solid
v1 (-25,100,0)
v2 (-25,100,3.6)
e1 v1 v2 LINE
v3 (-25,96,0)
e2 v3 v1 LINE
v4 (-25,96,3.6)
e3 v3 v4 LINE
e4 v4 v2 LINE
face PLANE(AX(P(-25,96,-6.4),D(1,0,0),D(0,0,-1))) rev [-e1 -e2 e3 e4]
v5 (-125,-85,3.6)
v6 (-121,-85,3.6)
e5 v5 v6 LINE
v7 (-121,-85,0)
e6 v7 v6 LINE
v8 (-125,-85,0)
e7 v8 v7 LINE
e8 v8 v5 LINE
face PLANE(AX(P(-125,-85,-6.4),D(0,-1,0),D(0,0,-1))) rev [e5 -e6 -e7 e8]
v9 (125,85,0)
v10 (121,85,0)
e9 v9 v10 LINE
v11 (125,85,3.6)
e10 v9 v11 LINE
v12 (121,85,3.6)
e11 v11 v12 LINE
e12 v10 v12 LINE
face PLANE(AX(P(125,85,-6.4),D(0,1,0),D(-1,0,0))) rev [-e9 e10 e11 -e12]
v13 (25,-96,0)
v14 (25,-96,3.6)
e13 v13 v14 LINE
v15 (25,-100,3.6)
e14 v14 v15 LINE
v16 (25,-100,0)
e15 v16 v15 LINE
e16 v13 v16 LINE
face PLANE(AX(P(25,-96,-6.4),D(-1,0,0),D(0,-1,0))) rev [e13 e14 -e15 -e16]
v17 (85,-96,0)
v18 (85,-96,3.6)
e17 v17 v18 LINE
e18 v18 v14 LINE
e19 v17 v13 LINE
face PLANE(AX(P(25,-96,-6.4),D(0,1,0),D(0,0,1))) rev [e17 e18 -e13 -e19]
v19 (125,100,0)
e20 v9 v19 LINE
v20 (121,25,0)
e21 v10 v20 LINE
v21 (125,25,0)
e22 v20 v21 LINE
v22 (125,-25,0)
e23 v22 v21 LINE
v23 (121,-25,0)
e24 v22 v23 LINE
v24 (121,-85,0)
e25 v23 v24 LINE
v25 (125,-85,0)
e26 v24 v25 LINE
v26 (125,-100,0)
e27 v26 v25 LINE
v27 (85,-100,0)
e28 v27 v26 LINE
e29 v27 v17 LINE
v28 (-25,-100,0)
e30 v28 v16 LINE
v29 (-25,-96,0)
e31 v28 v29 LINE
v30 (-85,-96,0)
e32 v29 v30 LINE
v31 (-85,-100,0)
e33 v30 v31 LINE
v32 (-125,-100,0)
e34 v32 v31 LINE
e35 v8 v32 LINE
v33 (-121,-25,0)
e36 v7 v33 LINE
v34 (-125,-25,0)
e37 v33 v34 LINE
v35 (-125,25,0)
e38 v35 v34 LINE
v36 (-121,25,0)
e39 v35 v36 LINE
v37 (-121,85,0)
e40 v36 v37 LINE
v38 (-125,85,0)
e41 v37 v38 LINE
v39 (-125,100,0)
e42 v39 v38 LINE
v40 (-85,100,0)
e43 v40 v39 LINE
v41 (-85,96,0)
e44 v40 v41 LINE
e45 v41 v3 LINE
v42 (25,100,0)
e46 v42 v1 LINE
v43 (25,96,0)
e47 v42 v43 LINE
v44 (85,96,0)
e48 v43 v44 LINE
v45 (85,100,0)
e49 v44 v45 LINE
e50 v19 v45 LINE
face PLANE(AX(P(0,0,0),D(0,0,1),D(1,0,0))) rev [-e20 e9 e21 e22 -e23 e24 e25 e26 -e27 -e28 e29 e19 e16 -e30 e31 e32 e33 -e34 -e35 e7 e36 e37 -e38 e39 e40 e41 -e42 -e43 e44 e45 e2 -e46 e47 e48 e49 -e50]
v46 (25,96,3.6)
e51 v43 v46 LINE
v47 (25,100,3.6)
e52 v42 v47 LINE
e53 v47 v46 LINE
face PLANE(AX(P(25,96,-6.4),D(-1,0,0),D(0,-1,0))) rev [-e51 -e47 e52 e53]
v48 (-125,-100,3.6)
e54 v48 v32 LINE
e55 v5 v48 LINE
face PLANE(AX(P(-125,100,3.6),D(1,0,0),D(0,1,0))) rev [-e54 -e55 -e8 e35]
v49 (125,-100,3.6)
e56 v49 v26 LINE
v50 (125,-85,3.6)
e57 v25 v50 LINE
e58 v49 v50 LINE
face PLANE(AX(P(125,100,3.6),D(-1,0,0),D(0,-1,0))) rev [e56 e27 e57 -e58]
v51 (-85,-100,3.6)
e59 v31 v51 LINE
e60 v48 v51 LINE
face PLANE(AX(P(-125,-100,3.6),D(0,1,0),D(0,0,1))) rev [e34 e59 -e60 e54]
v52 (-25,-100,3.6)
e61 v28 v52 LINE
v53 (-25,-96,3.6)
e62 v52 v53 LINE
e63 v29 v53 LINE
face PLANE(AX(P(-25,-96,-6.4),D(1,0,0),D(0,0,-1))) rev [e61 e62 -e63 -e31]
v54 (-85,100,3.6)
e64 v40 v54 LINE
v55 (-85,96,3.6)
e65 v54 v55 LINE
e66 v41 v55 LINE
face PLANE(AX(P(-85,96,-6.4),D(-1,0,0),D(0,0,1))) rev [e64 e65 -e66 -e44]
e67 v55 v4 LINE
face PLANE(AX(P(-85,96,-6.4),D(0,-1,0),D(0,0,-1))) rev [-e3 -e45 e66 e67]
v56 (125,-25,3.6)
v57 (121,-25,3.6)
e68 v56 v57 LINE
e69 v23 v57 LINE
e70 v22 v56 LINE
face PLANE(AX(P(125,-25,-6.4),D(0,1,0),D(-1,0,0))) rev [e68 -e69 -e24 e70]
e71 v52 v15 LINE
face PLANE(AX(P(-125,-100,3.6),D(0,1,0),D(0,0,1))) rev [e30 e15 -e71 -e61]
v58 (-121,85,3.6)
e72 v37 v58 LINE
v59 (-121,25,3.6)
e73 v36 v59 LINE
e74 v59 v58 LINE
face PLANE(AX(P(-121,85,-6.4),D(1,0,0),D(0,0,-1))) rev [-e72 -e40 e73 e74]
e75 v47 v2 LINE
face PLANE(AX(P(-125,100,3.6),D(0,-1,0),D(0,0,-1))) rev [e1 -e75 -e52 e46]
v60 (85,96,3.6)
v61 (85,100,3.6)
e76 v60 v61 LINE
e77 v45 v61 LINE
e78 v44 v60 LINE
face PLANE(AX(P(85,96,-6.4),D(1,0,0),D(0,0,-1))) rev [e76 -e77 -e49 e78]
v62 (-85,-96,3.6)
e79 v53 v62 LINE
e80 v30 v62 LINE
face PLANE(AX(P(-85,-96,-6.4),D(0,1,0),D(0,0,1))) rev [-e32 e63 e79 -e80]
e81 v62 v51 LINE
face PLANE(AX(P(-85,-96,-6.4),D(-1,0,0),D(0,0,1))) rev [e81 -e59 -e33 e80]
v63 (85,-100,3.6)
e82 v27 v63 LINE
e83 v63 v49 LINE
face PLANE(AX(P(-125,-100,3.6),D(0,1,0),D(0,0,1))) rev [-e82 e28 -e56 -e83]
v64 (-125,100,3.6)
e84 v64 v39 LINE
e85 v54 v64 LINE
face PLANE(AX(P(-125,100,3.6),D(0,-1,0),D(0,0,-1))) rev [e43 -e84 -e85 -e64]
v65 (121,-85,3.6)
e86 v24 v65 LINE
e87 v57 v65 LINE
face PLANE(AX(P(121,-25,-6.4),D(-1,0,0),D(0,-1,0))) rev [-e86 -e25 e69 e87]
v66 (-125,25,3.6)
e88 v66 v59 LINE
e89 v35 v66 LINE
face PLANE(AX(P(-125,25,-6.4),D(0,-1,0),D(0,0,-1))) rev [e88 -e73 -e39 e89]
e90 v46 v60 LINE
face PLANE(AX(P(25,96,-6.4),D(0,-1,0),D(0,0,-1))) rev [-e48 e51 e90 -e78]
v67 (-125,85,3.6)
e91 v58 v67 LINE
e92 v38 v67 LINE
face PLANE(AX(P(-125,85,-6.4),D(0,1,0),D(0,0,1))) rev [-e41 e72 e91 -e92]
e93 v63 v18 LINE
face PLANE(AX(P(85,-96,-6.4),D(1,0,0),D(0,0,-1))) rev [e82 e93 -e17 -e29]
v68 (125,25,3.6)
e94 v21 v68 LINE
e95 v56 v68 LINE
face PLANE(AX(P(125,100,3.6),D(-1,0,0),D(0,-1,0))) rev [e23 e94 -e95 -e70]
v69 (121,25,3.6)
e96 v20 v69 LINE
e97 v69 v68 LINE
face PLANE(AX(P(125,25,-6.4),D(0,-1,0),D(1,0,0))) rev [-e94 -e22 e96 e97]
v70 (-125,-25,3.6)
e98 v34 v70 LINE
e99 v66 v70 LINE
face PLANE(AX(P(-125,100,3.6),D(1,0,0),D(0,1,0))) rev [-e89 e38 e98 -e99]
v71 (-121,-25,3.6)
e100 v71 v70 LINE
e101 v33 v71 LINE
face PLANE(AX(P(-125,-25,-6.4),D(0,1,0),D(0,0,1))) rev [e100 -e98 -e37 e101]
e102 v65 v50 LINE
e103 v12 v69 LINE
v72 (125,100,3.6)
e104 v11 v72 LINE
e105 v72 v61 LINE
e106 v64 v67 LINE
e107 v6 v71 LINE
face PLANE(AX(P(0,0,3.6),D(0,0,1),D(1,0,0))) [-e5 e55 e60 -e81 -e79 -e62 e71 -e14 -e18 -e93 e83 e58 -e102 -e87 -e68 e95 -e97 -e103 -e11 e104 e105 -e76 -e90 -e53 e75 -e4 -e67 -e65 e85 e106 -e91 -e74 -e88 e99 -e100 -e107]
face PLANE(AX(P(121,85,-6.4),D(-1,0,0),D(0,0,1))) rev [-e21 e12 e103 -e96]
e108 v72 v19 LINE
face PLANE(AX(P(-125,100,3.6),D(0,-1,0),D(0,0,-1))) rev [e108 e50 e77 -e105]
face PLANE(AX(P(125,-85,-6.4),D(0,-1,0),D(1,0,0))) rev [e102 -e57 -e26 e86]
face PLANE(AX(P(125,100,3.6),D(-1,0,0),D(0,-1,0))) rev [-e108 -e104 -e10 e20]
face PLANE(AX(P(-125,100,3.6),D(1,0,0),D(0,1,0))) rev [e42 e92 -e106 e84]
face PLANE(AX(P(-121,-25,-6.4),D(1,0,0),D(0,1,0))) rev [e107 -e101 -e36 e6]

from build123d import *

# Parameters (mm, degrees)
SKETCH_1_W          = 250
SKETCH_1_H          = 200
EXTRUDE_1_DEPTH     = 3.6
SKETCH_2_W          = 4
SKETCH_2_H          = 60
CUT_EXTRUDE_1_DEPTH = 10
SKETCH_3_W          = 60
SKETCH_3_H          = 4
CUT_EXTRUDE_2_DEPTH = 10


with BuildPart() as part:
    # 草图1 → 凸台-拉伸1 (new body)
    with BuildSketch(Plane.XY):
        Rectangle(SKETCH_1_W, SKETCH_1_H)
    extrude(amount=EXTRUDE_1_DEPTH)

    # 草图2 → 切除-拉伸1 (cut)
    with BuildSketch(Plane.XY.offset(3.6)):
        with Locations((-123, 55)):
            Rectangle(SKETCH_2_W, SKETCH_2_H)
        with Locations((123, 55)):
            Rectangle(SKETCH_2_W, SKETCH_2_H)
        with Locations((-123, -55)):
            Rectangle(SKETCH_2_W, SKETCH_2_H)
        with Locations((123, -55)):
            Rectangle(SKETCH_2_W, SKETCH_2_H)
    extrude(amount=-CUT_EXTRUDE_1_DEPTH, mode=Mode.SUBTRACT)

    # 草图3 → 切除-拉伸2 (cut)
    with BuildSketch(Plane.XY.offset(3.6)):
        with Locations((-55, -98)):
            Rectangle(SKETCH_3_W, SKETCH_3_H)
        with Locations((55, -98)):
            Rectangle(SKETCH_3_W, SKETCH_3_H)
        with Locations((55, 98)):
            Rectangle(SKETCH_3_W, SKETCH_3_H)
        with Locations((-55, 98)):
            Rectangle(SKETCH_3_W, SKETCH_3_H)
    extrude(amount=-CUT_EXTRUDE_2_DEPTH, mode=Mode.SUBTRACT)


solid = part.part
